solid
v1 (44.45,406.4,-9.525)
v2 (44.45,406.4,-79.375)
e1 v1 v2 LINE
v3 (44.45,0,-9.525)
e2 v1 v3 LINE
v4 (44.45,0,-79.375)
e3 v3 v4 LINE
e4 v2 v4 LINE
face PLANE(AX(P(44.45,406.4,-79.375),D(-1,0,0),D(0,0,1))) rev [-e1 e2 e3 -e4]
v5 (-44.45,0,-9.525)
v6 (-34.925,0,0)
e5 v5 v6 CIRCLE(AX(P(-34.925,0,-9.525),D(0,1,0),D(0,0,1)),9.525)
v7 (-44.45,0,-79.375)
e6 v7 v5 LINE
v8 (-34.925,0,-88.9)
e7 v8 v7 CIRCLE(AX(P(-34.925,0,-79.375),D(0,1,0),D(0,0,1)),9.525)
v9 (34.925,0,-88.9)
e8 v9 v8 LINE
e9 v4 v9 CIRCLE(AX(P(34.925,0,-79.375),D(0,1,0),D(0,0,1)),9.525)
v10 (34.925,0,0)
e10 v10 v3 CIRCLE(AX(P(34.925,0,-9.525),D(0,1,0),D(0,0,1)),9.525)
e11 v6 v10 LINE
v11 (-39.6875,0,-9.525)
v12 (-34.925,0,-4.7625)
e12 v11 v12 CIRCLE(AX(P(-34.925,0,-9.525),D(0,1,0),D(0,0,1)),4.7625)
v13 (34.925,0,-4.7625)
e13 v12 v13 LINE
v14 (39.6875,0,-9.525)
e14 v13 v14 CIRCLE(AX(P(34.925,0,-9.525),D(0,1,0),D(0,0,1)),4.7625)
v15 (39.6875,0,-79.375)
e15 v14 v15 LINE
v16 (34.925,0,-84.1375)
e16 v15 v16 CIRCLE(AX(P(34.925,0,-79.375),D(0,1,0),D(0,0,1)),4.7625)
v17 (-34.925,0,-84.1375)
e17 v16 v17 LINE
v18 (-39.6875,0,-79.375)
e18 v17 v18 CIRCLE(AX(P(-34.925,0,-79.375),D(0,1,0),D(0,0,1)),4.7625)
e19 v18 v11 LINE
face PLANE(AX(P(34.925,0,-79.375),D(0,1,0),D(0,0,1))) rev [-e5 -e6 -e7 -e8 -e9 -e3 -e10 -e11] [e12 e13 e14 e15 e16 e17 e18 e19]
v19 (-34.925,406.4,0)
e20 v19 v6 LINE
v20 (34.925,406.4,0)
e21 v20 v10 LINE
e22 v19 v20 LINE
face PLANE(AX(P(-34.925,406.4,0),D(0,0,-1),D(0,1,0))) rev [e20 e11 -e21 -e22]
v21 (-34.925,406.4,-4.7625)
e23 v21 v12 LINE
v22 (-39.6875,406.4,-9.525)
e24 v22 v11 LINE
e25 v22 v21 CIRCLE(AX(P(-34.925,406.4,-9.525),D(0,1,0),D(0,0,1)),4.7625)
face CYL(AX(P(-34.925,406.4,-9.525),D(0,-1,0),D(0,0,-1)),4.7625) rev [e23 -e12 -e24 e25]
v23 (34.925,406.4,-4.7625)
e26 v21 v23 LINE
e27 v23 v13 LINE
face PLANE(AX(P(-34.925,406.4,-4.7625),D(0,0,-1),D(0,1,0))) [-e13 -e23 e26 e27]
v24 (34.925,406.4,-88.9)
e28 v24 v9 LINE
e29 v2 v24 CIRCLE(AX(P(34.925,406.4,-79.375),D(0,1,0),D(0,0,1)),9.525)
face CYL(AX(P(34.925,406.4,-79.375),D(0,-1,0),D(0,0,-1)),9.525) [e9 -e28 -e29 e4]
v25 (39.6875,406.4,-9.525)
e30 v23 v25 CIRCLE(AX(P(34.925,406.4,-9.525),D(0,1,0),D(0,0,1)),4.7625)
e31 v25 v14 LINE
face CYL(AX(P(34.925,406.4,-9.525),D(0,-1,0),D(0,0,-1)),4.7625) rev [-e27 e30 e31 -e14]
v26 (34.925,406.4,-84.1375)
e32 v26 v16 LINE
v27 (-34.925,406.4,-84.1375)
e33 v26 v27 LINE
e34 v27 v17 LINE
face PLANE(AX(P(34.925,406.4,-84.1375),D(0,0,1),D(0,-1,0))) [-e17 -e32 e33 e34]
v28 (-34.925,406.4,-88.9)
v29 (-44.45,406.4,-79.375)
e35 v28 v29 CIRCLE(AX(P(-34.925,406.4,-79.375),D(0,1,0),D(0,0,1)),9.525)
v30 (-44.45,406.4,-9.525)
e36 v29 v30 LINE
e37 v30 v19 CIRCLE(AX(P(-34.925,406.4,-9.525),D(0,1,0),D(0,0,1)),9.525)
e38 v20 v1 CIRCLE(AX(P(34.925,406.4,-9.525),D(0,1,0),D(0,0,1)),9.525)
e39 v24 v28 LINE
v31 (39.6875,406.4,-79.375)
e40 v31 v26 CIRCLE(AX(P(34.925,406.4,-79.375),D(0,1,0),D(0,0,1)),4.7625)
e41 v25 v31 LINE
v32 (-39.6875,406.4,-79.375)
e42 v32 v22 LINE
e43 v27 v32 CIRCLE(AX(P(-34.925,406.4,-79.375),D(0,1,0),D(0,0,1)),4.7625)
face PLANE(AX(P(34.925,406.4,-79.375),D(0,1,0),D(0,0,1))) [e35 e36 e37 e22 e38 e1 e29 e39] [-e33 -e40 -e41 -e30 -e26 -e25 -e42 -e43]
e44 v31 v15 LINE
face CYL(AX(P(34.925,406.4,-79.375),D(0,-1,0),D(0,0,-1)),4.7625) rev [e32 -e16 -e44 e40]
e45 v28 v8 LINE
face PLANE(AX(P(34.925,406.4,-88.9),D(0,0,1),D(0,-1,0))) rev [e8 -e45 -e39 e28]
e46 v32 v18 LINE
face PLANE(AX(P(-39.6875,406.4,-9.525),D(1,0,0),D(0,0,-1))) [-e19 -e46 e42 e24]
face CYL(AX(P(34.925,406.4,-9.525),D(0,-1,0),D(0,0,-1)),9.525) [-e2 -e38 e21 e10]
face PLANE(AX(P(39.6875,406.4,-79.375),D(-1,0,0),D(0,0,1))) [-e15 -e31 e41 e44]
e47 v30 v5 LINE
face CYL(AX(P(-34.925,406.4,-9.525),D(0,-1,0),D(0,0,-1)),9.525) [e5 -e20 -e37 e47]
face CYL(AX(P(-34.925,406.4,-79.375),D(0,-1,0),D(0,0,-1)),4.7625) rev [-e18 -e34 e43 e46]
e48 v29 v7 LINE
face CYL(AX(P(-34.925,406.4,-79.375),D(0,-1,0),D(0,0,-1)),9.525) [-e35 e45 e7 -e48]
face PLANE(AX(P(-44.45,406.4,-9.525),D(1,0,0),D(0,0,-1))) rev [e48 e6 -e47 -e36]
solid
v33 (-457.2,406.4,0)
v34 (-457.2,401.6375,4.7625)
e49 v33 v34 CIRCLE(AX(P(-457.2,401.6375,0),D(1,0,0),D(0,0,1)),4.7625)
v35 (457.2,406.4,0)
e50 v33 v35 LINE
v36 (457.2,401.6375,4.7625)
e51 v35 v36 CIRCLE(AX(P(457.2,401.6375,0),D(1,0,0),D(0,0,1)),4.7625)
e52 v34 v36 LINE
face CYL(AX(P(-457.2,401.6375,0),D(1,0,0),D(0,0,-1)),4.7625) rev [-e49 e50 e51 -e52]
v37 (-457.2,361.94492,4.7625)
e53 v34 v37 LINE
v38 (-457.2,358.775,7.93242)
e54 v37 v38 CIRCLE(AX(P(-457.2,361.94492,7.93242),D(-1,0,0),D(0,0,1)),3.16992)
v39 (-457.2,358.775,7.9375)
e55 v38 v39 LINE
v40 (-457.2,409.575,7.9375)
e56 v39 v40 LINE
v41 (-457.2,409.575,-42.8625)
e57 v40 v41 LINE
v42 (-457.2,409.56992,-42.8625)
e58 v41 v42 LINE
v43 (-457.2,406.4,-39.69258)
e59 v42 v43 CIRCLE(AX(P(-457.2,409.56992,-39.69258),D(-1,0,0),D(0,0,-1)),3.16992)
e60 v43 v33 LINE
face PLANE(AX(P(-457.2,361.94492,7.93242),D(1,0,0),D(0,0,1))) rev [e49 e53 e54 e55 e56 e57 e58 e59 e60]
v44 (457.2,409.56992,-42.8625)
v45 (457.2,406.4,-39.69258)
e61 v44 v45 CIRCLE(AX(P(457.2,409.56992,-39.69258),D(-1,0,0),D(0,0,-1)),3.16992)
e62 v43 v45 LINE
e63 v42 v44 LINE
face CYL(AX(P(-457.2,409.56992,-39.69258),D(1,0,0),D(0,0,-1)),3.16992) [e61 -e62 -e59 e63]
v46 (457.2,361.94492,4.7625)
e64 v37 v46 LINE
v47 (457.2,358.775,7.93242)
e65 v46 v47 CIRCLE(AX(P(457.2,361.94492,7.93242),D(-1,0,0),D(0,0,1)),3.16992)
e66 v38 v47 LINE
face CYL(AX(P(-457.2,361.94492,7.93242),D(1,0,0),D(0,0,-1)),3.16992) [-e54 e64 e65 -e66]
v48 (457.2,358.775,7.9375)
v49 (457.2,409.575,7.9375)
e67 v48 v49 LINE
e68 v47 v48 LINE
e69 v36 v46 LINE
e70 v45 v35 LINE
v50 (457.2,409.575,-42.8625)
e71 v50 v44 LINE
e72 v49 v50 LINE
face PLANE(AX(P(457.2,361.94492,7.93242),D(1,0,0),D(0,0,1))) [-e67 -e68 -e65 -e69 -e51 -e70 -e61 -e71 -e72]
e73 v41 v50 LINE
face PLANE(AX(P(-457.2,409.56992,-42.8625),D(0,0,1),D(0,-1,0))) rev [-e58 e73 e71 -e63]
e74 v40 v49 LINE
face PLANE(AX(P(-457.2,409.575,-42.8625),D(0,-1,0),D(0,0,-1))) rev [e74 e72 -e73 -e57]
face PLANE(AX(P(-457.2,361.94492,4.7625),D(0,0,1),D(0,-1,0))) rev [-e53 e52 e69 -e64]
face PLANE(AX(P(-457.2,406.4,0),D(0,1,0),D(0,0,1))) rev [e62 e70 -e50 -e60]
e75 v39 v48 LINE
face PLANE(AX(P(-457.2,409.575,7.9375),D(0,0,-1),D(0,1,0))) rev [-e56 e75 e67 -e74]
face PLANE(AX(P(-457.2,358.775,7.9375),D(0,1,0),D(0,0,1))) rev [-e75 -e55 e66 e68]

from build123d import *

# Parameters (mm, degrees)
VERTICAL_DEPTH = 406.4
CROSSBAR_DEPTH = 914.4


with BuildPart() as part:
    # Sketch12 → vertical (new body)
    with BuildSketch(Plane(origin=(0, 0, -44.45), x_dir=(1, 0, 0), z_dir=(0, 1, 0))):
        with BuildLine():
            Line((-34.925, -44.45), (34.925, -44.45))
            ThreePointArc((34.925, -44.45), (41.660192091, -41.660192091), (44.45, -34.925))
            Line((44.45, -34.925), (44.45, 34.925))
            ThreePointArc((44.45, 34.925), (41.660192091, 41.660192091), (34.925, 44.45))
            Line((34.925, 44.45), (-34.925, 44.45))
            ThreePointArc((-34.925, 44.45), (-41.660192091, 41.660192091), (-44.45, 34.925))
            Line((-44.45, 34.925), (-44.45, -34.925))
            ThreePointArc((-44.45, -34.925), (-41.660192091, -41.660192091), (-34.925, -44.45))
        make_face()
        with BuildLine():
            Line((-34.925, -39.6875), (34.925, -39.6875))
            ThreePointArc((34.925, -39.6875), (38.292596045, -38.292596045), (39.6875, -34.925))
            Line((39.6875, -34.925), (39.6875, 34.925))
            ThreePointArc((39.6875, 34.925), (38.292596045, 38.292596045), (34.925, 39.6875))
            Line((34.925, 39.6875), (-34.925, 39.6875))
            ThreePointArc((-34.925, 39.6875), (-38.292596045, 38.292596045), (-39.6875, 34.925))
            Line((-39.6875, 34.925), (-39.6875, -34.925))
            ThreePointArc((-39.6875, -34.925), (-38.292596045, -38.292596045), (-34.925, -39.6875))
        make_face(mode=Mode.SUBTRACT)
    extrude(amount=VERTICAL_DEPTH)


with BuildPart() as body_2:
    # Sketch13 → crossbar (new body)
    with BuildSketch(Plane(origin=(457.2, 409.575, 7.9375), x_dir=(0, 0, -1), z_dir=(-1, 0, 0))):
        with BuildLine():
            Line((0, 0), (0, 50.8))
            Line((0, 50.8), (0.00508, 50.8))
            ThreePointArc((0.00508, 50.8), (2.246551928, 49.871551928), (3.175, 47.63008))
            Line((3.175, 47.63008), (3.175, 7.9375))
            ThreePointArc((3.175, 7.9375), (4.569903955, 4.569903955), (7.9375, 3.175))
            Line((7.9375, 3.175), (47.63008, 3.175))
            ThreePointArc((47.63008, 3.175), (49.871551928, 2.246551928), (50.8, 0.00508))
            Line((50.8, 0.00508), (50.8, 0))
            Line((50.8, 0), (0, 0))
        make_face()
    extrude(amount=CROSSBAR_DEPTH)


solid = Compound([part.part, body_2.part])
